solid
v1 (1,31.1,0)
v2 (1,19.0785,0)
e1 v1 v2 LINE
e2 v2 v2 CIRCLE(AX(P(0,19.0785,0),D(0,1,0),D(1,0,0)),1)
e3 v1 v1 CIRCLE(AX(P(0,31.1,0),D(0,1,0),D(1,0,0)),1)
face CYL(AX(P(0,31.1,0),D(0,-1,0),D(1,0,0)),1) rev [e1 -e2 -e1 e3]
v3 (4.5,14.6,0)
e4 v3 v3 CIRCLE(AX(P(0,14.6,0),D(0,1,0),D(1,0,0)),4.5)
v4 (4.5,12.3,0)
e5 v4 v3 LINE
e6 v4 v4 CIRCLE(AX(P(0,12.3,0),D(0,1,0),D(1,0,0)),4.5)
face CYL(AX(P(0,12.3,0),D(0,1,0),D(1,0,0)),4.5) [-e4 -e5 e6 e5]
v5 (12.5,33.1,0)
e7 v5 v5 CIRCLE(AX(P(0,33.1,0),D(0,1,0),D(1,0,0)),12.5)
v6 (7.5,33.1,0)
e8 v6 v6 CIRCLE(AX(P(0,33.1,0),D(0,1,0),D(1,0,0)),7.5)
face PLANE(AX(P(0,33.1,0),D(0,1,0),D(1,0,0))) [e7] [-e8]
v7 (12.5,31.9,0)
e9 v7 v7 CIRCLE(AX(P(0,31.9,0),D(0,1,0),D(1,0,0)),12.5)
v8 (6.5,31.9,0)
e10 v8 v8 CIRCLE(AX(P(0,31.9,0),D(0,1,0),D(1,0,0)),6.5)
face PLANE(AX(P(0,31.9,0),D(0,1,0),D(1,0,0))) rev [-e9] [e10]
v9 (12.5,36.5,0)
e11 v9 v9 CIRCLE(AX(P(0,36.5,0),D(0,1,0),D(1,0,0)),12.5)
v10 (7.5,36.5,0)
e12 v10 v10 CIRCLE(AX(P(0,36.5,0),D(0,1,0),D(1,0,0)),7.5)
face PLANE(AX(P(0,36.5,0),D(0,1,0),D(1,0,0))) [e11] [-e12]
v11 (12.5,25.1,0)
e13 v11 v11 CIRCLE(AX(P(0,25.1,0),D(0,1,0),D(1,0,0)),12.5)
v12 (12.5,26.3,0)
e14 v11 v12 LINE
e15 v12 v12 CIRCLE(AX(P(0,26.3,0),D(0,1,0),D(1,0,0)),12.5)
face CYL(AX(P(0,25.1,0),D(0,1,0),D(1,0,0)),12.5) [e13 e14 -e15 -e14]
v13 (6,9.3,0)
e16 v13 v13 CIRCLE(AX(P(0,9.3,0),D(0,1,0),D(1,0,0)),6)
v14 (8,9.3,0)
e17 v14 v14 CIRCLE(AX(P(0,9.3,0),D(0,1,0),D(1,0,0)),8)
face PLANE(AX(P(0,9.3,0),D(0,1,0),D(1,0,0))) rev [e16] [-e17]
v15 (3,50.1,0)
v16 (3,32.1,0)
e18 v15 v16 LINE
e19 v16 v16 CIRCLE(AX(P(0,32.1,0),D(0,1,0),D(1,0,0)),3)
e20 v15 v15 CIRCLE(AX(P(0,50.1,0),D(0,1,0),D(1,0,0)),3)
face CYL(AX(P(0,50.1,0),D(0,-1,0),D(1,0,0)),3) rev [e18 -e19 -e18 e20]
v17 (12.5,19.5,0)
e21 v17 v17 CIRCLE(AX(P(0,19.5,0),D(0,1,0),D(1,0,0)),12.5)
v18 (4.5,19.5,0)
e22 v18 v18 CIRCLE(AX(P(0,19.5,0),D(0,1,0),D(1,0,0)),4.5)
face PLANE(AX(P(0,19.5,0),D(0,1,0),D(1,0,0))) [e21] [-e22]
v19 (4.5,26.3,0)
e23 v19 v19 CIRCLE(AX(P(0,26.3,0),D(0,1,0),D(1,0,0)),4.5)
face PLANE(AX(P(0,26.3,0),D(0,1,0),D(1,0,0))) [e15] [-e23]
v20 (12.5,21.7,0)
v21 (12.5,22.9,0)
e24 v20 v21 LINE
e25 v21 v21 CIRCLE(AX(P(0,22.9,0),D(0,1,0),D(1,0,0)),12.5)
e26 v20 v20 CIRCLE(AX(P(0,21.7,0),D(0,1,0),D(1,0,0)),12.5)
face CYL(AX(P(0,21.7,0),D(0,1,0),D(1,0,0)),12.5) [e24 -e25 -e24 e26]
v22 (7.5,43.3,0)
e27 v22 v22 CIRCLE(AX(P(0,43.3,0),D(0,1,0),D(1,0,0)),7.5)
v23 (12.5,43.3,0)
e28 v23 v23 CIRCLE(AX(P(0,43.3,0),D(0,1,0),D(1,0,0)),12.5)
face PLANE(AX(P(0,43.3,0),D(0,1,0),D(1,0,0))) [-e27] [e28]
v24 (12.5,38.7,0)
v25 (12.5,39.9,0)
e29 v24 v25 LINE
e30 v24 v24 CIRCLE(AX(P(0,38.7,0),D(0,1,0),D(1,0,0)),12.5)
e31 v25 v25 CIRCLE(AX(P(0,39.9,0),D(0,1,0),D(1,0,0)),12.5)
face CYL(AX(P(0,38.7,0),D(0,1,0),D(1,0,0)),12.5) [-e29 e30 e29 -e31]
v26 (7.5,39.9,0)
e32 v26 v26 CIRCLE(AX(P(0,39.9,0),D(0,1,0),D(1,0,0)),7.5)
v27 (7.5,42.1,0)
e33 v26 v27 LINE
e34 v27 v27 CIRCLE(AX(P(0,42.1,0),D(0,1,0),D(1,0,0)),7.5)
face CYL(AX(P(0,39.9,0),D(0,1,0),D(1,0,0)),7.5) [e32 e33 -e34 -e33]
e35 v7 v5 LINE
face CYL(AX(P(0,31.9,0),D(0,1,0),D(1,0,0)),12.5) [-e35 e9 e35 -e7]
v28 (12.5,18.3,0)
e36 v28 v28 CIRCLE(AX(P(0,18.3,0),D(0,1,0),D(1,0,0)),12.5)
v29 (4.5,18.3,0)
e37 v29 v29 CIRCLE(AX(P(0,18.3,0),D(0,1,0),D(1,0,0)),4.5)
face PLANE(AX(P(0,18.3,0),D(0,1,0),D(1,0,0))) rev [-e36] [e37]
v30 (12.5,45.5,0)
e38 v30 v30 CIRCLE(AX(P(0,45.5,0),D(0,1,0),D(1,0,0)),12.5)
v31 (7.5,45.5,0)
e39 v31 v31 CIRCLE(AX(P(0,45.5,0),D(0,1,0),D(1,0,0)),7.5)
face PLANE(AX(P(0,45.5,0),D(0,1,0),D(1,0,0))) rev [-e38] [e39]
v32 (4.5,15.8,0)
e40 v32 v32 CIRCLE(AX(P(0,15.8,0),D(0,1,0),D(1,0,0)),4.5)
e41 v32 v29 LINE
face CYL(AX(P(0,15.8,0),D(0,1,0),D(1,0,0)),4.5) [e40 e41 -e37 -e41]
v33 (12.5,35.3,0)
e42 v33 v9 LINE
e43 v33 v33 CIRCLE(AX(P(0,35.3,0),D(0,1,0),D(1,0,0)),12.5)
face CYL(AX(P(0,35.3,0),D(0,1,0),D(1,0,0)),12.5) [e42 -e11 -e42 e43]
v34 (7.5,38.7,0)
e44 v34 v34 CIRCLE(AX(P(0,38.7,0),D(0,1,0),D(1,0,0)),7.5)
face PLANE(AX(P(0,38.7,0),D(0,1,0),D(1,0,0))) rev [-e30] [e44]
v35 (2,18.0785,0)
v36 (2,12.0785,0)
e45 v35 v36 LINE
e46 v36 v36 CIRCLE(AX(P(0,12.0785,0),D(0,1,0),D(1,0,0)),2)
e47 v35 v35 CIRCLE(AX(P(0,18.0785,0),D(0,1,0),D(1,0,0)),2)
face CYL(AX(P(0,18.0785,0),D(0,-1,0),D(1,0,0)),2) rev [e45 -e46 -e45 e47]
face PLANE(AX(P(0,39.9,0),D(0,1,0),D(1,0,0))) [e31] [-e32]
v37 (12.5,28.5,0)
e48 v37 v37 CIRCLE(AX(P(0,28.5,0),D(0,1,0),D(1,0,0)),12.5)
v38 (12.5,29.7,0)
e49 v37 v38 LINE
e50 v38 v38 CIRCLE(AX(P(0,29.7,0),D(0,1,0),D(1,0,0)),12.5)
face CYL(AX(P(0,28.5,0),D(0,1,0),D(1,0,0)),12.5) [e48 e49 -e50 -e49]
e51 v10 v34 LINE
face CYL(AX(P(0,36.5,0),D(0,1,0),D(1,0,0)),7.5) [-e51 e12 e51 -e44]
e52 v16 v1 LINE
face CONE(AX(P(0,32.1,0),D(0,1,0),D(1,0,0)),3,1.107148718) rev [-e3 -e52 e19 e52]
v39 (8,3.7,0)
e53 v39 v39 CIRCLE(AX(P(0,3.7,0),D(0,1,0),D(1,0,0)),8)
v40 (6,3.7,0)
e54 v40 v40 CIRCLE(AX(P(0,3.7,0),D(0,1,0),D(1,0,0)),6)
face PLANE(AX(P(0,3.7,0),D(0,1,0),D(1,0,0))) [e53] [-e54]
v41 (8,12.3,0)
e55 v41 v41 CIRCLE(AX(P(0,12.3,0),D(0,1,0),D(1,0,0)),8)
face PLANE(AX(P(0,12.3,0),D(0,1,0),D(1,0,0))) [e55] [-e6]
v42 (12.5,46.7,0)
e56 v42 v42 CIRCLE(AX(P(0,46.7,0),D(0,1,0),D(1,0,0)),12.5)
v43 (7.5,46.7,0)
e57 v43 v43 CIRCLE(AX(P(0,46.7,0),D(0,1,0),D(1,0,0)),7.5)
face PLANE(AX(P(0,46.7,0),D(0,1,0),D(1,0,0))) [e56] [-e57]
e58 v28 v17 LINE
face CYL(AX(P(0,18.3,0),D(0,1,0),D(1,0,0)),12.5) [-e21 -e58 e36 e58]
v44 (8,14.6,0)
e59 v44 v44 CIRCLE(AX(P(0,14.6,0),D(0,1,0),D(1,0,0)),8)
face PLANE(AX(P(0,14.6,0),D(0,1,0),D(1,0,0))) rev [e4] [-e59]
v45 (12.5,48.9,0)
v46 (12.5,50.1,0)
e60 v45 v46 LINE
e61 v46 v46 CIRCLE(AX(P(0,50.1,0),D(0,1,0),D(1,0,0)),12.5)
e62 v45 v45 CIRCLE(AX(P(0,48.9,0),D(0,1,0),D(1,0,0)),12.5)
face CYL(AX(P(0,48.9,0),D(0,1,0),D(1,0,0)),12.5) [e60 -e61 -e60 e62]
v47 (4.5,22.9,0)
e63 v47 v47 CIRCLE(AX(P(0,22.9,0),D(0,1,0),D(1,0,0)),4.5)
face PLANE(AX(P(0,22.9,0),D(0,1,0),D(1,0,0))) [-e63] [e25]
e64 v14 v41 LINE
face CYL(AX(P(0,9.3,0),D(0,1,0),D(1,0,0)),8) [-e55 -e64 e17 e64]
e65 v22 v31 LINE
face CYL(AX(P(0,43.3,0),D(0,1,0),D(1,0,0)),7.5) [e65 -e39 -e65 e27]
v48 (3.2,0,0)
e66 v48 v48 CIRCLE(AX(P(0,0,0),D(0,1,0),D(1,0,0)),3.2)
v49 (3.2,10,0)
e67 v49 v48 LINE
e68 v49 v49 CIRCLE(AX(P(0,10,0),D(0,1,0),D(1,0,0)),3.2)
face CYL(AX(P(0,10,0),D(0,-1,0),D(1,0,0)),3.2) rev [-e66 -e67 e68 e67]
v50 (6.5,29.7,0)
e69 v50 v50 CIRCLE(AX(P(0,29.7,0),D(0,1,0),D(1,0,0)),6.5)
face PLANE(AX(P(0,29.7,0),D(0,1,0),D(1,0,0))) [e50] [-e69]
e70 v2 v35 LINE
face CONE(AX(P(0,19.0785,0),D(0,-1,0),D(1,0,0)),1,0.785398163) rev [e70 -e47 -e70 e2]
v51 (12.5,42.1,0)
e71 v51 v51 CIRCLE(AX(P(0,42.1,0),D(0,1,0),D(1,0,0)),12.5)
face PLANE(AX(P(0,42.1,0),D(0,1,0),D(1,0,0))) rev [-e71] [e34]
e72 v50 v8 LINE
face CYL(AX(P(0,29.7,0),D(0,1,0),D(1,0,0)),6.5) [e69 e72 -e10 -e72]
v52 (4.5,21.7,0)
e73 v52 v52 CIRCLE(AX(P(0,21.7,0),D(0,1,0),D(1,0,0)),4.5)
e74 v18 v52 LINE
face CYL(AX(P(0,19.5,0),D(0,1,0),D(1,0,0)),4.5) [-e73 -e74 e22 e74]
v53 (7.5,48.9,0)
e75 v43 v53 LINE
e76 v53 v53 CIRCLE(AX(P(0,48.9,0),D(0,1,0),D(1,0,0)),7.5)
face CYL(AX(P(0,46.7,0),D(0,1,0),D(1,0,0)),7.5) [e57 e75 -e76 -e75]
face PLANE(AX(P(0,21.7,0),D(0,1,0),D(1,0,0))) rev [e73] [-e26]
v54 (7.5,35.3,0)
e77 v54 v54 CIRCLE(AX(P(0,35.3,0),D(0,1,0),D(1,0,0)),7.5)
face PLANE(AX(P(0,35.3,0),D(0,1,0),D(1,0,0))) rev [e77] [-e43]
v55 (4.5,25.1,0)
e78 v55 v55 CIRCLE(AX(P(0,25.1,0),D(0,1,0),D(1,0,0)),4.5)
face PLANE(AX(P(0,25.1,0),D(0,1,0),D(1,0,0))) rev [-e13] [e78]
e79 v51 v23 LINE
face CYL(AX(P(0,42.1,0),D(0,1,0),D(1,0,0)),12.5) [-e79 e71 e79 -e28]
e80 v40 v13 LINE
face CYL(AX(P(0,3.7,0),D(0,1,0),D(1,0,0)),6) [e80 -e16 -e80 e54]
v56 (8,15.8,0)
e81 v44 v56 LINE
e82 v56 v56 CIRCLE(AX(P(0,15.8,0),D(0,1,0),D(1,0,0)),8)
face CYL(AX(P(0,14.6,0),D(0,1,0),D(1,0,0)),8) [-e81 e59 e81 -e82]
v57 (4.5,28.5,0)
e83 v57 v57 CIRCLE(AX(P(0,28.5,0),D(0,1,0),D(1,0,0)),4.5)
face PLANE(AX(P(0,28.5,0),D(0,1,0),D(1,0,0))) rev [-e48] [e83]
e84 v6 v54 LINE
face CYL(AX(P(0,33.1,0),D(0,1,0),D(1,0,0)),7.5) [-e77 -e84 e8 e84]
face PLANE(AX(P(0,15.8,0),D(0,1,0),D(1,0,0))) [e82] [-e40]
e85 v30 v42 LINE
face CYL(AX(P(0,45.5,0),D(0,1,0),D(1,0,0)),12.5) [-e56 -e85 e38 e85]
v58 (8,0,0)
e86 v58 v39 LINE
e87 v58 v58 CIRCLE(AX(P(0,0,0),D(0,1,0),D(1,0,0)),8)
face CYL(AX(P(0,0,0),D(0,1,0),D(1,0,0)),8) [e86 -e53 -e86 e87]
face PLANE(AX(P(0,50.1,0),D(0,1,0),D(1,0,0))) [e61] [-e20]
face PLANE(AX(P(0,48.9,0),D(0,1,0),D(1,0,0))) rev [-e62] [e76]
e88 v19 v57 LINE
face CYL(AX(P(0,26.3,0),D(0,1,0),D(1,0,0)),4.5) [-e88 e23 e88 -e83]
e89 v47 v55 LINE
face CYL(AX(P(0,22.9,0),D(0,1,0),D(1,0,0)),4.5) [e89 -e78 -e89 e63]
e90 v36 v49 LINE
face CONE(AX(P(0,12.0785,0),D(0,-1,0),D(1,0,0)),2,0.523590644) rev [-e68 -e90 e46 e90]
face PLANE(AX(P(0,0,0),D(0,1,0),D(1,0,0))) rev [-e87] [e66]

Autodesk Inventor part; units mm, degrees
ref_plane "YZ Plane" through (0, 0, 0) normal (1, 0, 0) x (0, 1, 0)
ref_plane "XZ Plane" through (0, 0, 0) normal (0, 1, 0) x (-1, 0, 0)
ref_plane "XY Plane" through (0, 0, 0) normal (0, 0, 1) x (1, 0, 0)
sketch "Sketch1" plane through (0, 0, 0) normal (0, 0, 1) x (1, 0, 0)
  line L0 (0, 0) -> (0, 50.1)
  line L1 (8, 0) -> (8, 3.7)
  line L2 (8, 3.7) -> (6, 3.7)
  line L3 (6, 3.7) -> (6, 9.3)
  line L4 (6, 9.3) -> (8, 9.3)
  line L5 (8, 9.3) -> (8, 12.3)
  line L6 (8, 12.3) -> (4.5, 12.3)
  line L7 (4.5, 12.3) -> (4.5, 14.6)
  line L8 (4.5, 14.6) -> (8, 14.6)
  line L9 (8, 14.6) -> (8, 15.8)
  line L10 (8, 15.8) -> (4.5, 15.8)
  line L11 (4.5, 15.8) -> (4.5, 18.3)
  line L12 (4.5, 18.3) -> (12.5, 18.3)
  line L13 (12.5, 18.3) -> (12.5, 19.5)
  line L14 (12.5, 19.5) -> (4.5, 19.5)
  line L15 (4.5, 19.5) -> (4.5, 21.7)
  line L16 (4.5, 21.7) -> (12.5, 21.7)
  line L17 (12.5, 21.7) -> (12.5, 22.9)
  line L18 (12.5, 22.9) -> (4.5, 22.9)
  line L19 (4.5, 22.9) -> (4.5, 25.1)
  line L20 (4.5, 25.1) -> (12.5, 25.1)
  line L21 (12.5, 25.1) -> (12.5, 26.3)
  line L22 (12.5, 26.3) -> (4.5, 26.3)
  line L23 (4.5, 26.3) -> (4.5, 28.5)
  line L24 (4.5, 28.5) -> (12.5, 28.5)
  line L25 (12.5, 28.5) -> (12.5, 29.7)
  line L26 (12.5, 29.7) -> (6.5, 29.7)
  line L27 (6.5, 29.7) -> (6.5, 31.9)
  line L28 (6.5, 31.9) -> (12.5, 31.9)
  line L29 (12.5, 31.9) -> (12.5, 33.1)
  line L30 (12.5, 33.1) -> (7.5, 33.1)
  line L31 (7.5, 33.1) -> (7.5, 35.3)
  line L32 (7.5, 35.3) -> (12.5, 35.3)
  line L33 (12.5, 35.3) -> (12.5, 36.5)
  line L34 (12.5, 36.5) -> (7.5, 36.5)
  line L35 (7.5, 36.5) -> (7.5, 38.7)
  line L36 (7.5, 38.7) -> (12.5, 38.7)
  line L37 (12.5, 38.7) -> (12.5, 39.9)
  line L38 (12.5, 39.9) -> (7.5, 39.9)
  line L39 (7.5, 39.9) -> (7.5, 42.1)
  line L40 (7.5, 42.1) -> (12.5, 42.1)
  line L41 (12.5, 42.1) -> (12.5, 43.3)
  line L42 (12.5, 43.3) -> (7.5, 43.3)
  line L43 (7.5, 43.3) -> (7.5, 45.5)
  line L44 (7.5, 45.5) -> (12.5, 45.5)
  line L45 (12.5, 45.5) -> (12.5, 46.7)
  line L46 (12.5, 46.7) -> (7.5, 46.7)
  line L47 (7.5, 46.7) -> (7.5, 48.9)
  line L48 (7.5, 48.9) -> (12.5, 48.9)
  line L49 (12.5, 48.9) -> (12.5, 50.1)
  line L50 (12.5, 50.1) -> (3, 50.1)
  line L51 (3, 50.1) -> (3, 32.1)
  line L52 (3, 32.1) -> (1, 31.1)
  line L53 (1, 31.1) -> (1, 19.0785)
  line L54 (1, 19.0785) -> (2, 18.0785)
  line L55 (2, 18.0785) -> (2, 12.0785)
  line L56 (2, 12.0785) -> (3.2, 10)
  line L57 (3.2, 10) -> (3.2, 0)
  line L58 (3.2, 0) -> (8, 0)
  dimension "d2" = 3.7
  dimension "d4" = 16
  dimension "d5" = 12
  dimension "d6" = 9
  dimension "d9" = 3.4
  dimension "d10" = 2.2
  dimension "d11" = 25
  dimension "d12" = 13
  dimension "d13" = 15
  dimension "d16" = 2
  dimension "d17" = 4
  dimension "d18" = 6
  dimension "d21" = 30
  dimension "d22" = 6.4
  dimension "d23" = 10
  dimension "d24" = 6
  dimension "d25" = 18
  dimension "d26" = 1
  dimension "d27" = 50.1
  dimension "d28" = 9.3
  dimension "d29" = 12.3
  dimension "d30" = 14.6
  dimension "d31" = 1
revolve "Revolution1" add sketch "Sketch1" angle 360 about axis through (0, 0, 0) along (0, 1, 0)
thread "Thread1" size "M6x1" class "6H" standard "ANSI Metric M Profile" length 14 offset 4
properties part number "E3D_Chamber"
